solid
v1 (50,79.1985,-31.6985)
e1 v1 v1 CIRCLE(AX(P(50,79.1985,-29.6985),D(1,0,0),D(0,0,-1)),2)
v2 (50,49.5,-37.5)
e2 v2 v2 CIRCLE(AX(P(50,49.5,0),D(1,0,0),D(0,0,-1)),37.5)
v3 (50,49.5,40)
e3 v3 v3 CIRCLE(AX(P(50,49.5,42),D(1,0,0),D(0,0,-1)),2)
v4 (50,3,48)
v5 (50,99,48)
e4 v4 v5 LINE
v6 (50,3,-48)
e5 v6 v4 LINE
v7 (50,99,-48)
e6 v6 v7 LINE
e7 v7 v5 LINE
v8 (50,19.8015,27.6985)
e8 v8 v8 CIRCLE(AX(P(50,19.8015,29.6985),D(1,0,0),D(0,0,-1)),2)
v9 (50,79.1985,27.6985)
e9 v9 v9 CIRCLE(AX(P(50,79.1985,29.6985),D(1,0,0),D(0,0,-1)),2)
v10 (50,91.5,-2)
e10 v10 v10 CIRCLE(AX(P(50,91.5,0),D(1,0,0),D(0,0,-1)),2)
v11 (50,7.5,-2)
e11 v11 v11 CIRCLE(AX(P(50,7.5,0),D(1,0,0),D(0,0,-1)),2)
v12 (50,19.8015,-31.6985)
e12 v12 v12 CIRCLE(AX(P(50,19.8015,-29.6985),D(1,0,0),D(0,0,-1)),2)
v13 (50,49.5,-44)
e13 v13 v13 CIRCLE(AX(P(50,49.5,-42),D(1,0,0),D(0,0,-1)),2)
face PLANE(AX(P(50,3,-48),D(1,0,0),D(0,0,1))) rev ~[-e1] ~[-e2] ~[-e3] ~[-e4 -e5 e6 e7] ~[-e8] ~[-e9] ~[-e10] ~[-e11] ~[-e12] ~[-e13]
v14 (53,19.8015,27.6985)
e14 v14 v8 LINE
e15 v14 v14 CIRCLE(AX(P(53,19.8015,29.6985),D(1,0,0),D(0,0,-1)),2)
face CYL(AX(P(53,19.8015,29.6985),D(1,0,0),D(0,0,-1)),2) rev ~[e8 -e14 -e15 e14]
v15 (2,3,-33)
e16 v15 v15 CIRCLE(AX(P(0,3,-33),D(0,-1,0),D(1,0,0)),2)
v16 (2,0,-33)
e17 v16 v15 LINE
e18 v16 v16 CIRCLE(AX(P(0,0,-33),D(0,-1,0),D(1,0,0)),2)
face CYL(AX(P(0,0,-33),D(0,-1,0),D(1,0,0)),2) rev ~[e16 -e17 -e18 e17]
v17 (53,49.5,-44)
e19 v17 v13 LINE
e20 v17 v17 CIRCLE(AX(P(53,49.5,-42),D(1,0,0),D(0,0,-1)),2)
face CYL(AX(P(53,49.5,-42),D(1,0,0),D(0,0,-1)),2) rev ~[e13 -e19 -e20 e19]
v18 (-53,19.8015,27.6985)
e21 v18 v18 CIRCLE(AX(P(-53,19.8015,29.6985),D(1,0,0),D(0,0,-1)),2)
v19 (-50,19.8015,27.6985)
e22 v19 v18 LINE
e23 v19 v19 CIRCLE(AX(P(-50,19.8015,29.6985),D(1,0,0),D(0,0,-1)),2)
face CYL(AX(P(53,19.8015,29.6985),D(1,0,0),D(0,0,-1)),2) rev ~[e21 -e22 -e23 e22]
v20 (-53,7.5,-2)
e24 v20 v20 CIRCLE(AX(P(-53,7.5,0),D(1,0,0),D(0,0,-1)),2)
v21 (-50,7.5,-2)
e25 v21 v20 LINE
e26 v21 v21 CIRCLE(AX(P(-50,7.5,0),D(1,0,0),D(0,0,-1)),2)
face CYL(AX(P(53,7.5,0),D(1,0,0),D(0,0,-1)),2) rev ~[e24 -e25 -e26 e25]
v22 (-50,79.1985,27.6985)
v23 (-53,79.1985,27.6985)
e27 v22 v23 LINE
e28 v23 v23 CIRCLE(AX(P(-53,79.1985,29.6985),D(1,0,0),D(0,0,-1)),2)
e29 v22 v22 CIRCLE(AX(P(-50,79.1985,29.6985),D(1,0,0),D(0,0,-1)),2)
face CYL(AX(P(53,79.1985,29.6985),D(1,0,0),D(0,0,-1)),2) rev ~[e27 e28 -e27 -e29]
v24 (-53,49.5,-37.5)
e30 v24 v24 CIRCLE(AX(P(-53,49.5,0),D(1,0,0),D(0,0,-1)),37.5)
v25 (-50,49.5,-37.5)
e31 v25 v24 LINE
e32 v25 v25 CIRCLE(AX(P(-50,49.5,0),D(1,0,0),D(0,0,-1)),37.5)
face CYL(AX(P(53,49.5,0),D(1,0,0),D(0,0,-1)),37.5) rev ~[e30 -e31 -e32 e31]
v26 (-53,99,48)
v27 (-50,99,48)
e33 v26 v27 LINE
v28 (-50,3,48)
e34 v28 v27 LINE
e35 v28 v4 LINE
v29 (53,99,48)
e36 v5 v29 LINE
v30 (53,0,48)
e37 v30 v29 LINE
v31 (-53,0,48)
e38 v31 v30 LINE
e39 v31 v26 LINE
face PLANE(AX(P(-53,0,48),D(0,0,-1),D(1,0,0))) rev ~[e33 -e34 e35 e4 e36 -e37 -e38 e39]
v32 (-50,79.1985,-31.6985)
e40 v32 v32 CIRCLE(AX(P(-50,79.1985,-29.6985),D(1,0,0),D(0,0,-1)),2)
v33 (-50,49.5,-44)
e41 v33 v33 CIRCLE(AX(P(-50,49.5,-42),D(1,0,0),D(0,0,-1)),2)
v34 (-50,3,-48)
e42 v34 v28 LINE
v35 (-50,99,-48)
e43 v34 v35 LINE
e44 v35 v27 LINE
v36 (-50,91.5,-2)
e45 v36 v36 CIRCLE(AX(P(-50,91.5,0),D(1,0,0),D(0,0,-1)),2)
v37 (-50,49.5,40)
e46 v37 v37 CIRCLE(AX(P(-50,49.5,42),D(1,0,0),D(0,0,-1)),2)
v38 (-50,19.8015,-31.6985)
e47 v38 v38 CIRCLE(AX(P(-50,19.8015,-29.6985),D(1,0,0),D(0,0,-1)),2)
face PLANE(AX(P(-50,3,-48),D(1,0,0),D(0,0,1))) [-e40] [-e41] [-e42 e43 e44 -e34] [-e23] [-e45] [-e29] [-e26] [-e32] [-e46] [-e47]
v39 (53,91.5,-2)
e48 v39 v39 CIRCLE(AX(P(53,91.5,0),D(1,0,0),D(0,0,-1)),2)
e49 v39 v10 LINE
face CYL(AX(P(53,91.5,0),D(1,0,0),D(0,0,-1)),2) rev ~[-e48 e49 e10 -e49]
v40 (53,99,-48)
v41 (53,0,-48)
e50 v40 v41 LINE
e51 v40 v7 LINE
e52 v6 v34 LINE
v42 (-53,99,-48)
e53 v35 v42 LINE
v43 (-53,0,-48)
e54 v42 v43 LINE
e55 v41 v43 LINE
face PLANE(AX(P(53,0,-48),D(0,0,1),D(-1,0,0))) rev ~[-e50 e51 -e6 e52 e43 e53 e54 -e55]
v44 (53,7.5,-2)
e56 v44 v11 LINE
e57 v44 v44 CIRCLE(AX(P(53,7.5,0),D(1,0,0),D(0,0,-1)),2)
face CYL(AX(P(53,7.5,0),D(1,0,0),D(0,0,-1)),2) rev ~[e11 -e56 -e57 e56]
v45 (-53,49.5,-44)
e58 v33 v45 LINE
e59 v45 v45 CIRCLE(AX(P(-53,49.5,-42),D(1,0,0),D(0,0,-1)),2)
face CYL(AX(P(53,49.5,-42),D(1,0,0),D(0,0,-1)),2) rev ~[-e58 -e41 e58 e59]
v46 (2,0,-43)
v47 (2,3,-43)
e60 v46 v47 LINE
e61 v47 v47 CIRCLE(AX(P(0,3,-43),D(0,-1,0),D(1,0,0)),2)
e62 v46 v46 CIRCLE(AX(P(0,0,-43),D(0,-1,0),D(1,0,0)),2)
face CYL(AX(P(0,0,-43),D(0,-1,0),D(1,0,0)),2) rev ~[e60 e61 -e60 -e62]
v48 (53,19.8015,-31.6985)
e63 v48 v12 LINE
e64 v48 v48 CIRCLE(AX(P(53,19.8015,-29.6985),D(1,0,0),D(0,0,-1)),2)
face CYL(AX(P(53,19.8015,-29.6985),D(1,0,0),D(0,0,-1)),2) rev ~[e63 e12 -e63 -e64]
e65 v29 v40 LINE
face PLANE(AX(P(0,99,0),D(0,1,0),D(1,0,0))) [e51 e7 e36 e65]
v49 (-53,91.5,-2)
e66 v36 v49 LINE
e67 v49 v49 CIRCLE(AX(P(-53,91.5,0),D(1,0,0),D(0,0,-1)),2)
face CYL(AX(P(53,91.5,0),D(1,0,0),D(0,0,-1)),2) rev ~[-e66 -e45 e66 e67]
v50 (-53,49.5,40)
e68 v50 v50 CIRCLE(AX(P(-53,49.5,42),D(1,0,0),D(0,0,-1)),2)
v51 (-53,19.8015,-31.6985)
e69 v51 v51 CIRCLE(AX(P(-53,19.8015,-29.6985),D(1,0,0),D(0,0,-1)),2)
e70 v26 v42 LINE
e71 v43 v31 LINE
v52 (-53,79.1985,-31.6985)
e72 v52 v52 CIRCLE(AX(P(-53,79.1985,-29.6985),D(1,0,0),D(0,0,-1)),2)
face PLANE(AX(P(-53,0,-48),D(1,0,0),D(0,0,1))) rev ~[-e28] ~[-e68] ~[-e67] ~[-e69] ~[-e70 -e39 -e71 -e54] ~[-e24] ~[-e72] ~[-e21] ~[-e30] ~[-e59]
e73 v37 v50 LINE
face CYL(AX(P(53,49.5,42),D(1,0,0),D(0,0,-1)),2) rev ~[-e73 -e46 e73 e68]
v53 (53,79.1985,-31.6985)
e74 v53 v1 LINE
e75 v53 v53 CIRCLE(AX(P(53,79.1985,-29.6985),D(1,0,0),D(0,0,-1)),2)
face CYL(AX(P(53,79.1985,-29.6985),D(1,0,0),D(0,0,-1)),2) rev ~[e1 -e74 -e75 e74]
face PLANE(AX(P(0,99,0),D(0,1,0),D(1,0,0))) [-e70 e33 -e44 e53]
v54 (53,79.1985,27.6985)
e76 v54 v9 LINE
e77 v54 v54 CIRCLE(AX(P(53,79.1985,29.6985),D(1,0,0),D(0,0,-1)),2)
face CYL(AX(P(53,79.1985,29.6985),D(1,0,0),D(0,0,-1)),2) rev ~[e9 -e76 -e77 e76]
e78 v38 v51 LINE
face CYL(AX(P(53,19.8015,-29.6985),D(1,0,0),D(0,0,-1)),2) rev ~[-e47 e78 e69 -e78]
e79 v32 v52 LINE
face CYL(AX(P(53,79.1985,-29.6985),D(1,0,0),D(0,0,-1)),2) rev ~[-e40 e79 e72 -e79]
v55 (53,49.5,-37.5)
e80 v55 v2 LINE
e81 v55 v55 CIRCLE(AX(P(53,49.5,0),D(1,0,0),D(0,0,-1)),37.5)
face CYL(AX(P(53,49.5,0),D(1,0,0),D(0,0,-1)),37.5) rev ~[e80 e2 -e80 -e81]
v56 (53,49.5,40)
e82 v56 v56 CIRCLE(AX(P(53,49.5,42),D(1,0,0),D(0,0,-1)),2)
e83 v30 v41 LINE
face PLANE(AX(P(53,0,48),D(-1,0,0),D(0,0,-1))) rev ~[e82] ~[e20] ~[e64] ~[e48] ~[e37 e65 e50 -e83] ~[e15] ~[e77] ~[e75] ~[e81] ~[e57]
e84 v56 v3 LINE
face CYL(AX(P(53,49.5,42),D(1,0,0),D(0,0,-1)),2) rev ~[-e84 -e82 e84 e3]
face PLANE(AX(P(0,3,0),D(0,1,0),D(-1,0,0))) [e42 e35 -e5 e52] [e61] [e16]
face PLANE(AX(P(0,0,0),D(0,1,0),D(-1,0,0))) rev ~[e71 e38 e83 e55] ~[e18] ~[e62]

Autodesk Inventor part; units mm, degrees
ref_plane "YZ Plane" through (0, 0, 0) normal (1, 0, 0) x (0, 1, 0)
ref_plane "XZ Plane" through (0, 0, 0) normal (0, 1, 0) x (-1, 0, 0)
ref_plane "XY Plane" through (0, 0, 0) normal (0, 0, 1) x (1, 0, 0)
sketch "Sketch2" plane through (0, 0, 0) normal (0, 1, 0) x (-1, 0, 0)
  line L0 (53, 48) -> (-53, 48)
  line L1 (-53, 48) -> (-53, -48)
  line L2 (-53, -48) -> (53, -48)
  line L3 (53, -48) -> (53, 48)
  line L4 (53, 48) -> (-53, -48) construction
  line L5 (-53, 48) -> (53, -48) construction
  point P0 (0, 0)
  dimension "d20" = 106
  dimension "d21" = 96
extrude "Extrusion1" add sketch "Sketch2" along normal blind 3
sketch "Sketch4" plane through (0, 3, 0) normal (0, 1, 0) x (1, 0, 0)
  line L0 (53, -48) -> (53, 48) projected
  line L1 (-53, -48) -> (53, -48) projected
  line L2 (53, 48) -> (50, 48)
  line L3 (50, 48) -> (50, -48)
  line L4 (50, -48) -> (53, -48)
  line L5 (53, -48) -> (53, 48)
  line L6 (53, 48) -> (-53, 48) projected
  line L7 (-53, 48) -> (-50, 48)
  line L8 (-50, 48) -> (-50, -48)
  line L9 (-50, -48) -> (-53, -48)
  line L10 (-53, -48) -> (-53, 48)
  point P0 (0, 0)
  dimension "d22" = 3
  dimension "d45" = 3
extrude "Extrusion3" add sketch "Sketch4" along normal blind 96 contours L1 L3 L2 L0 | L1 L10 L6 L8
sketch "Sketch5" plane through (53, 0, 48) normal (1, 0, 0) x (0, 0, -1)
  line L0 (48, 99) -> (48, 0) construction
  line L1 (0, 99) -> (96, 99) projected
  circle A0 centre (48, 49.5) radius 37.5
  dimension "d27" = 75
extrude "Extrusion4" cut sketch "Sketch5" against normal blind 164.2625
sketch "Sketch6" plane through (53, 0, 48) normal (1, 0, 0) x (0, 0, -1)
  circle A0 centre (48, 49.5) radius 37.5 projected
  circle A1 centre (48, 49.5) radius 42 construction
  circle A2 centre (90, 49.5) radius 2
  circle A3 centre (48, 49.5) radius 42 construction
  circle A4 centre (77.6985, 79.1985) radius 2
  circle A5 centre (48, 49.5) radius 42 construction
  circle A6 centre (48, 91.5) radius 2
  circle A7 centre (48, 49.5) radius 42 construction
  circle A8 centre (18.3015, 79.1985) radius 2
  circle A9 centre (48, 49.5) radius 42 construction
  circle A10 centre (6, 49.5) radius 2
  circle A11 centre (48, 49.5) radius 42 construction
  circle A12 centre (18.3015, 19.8015) radius 2
  circle A13 centre (48, 49.5) radius 42 construction
  circle A14 centre (48, 7.5) radius 2
  circle A15 centre (48, 49.5) radius 42 construction
  circle A16 centre (77.6985, 19.8015) radius 2
  point P0 (48, 0)
  dimension "d30" = 84
  dimension "d31" = 4
  dimension "d34" = 360
extrude "Extrusion5" cut sketch "Sketch6" against normal blind 164.2625 contours A2 | A4 | A6 | A8 | A10 | A12 | A14 | A16
sketch "Sketch7" plane through (0, 0, 0) normal (0, -1, 0) x (1, 0, 0)
  line L0 (53, -48) -> (-53, -48) projected
  line L1 (0, -48) -> (0, -43) construction
  line L2 (0, -43) -> (0, -33) construction
  circle A0 centre (0, -43) radius 2
  circle A1 centre (0, -33) radius 2
  point P0 (0, 0)
  dimension "d38" = 5
  dimension "d39" = 10
  dimension "d40" = 4
  dimension "d41" = 4
extrude "Extrusion6" cut sketch "Sketch7" against normal blind 4
properties part number "shoulder"
